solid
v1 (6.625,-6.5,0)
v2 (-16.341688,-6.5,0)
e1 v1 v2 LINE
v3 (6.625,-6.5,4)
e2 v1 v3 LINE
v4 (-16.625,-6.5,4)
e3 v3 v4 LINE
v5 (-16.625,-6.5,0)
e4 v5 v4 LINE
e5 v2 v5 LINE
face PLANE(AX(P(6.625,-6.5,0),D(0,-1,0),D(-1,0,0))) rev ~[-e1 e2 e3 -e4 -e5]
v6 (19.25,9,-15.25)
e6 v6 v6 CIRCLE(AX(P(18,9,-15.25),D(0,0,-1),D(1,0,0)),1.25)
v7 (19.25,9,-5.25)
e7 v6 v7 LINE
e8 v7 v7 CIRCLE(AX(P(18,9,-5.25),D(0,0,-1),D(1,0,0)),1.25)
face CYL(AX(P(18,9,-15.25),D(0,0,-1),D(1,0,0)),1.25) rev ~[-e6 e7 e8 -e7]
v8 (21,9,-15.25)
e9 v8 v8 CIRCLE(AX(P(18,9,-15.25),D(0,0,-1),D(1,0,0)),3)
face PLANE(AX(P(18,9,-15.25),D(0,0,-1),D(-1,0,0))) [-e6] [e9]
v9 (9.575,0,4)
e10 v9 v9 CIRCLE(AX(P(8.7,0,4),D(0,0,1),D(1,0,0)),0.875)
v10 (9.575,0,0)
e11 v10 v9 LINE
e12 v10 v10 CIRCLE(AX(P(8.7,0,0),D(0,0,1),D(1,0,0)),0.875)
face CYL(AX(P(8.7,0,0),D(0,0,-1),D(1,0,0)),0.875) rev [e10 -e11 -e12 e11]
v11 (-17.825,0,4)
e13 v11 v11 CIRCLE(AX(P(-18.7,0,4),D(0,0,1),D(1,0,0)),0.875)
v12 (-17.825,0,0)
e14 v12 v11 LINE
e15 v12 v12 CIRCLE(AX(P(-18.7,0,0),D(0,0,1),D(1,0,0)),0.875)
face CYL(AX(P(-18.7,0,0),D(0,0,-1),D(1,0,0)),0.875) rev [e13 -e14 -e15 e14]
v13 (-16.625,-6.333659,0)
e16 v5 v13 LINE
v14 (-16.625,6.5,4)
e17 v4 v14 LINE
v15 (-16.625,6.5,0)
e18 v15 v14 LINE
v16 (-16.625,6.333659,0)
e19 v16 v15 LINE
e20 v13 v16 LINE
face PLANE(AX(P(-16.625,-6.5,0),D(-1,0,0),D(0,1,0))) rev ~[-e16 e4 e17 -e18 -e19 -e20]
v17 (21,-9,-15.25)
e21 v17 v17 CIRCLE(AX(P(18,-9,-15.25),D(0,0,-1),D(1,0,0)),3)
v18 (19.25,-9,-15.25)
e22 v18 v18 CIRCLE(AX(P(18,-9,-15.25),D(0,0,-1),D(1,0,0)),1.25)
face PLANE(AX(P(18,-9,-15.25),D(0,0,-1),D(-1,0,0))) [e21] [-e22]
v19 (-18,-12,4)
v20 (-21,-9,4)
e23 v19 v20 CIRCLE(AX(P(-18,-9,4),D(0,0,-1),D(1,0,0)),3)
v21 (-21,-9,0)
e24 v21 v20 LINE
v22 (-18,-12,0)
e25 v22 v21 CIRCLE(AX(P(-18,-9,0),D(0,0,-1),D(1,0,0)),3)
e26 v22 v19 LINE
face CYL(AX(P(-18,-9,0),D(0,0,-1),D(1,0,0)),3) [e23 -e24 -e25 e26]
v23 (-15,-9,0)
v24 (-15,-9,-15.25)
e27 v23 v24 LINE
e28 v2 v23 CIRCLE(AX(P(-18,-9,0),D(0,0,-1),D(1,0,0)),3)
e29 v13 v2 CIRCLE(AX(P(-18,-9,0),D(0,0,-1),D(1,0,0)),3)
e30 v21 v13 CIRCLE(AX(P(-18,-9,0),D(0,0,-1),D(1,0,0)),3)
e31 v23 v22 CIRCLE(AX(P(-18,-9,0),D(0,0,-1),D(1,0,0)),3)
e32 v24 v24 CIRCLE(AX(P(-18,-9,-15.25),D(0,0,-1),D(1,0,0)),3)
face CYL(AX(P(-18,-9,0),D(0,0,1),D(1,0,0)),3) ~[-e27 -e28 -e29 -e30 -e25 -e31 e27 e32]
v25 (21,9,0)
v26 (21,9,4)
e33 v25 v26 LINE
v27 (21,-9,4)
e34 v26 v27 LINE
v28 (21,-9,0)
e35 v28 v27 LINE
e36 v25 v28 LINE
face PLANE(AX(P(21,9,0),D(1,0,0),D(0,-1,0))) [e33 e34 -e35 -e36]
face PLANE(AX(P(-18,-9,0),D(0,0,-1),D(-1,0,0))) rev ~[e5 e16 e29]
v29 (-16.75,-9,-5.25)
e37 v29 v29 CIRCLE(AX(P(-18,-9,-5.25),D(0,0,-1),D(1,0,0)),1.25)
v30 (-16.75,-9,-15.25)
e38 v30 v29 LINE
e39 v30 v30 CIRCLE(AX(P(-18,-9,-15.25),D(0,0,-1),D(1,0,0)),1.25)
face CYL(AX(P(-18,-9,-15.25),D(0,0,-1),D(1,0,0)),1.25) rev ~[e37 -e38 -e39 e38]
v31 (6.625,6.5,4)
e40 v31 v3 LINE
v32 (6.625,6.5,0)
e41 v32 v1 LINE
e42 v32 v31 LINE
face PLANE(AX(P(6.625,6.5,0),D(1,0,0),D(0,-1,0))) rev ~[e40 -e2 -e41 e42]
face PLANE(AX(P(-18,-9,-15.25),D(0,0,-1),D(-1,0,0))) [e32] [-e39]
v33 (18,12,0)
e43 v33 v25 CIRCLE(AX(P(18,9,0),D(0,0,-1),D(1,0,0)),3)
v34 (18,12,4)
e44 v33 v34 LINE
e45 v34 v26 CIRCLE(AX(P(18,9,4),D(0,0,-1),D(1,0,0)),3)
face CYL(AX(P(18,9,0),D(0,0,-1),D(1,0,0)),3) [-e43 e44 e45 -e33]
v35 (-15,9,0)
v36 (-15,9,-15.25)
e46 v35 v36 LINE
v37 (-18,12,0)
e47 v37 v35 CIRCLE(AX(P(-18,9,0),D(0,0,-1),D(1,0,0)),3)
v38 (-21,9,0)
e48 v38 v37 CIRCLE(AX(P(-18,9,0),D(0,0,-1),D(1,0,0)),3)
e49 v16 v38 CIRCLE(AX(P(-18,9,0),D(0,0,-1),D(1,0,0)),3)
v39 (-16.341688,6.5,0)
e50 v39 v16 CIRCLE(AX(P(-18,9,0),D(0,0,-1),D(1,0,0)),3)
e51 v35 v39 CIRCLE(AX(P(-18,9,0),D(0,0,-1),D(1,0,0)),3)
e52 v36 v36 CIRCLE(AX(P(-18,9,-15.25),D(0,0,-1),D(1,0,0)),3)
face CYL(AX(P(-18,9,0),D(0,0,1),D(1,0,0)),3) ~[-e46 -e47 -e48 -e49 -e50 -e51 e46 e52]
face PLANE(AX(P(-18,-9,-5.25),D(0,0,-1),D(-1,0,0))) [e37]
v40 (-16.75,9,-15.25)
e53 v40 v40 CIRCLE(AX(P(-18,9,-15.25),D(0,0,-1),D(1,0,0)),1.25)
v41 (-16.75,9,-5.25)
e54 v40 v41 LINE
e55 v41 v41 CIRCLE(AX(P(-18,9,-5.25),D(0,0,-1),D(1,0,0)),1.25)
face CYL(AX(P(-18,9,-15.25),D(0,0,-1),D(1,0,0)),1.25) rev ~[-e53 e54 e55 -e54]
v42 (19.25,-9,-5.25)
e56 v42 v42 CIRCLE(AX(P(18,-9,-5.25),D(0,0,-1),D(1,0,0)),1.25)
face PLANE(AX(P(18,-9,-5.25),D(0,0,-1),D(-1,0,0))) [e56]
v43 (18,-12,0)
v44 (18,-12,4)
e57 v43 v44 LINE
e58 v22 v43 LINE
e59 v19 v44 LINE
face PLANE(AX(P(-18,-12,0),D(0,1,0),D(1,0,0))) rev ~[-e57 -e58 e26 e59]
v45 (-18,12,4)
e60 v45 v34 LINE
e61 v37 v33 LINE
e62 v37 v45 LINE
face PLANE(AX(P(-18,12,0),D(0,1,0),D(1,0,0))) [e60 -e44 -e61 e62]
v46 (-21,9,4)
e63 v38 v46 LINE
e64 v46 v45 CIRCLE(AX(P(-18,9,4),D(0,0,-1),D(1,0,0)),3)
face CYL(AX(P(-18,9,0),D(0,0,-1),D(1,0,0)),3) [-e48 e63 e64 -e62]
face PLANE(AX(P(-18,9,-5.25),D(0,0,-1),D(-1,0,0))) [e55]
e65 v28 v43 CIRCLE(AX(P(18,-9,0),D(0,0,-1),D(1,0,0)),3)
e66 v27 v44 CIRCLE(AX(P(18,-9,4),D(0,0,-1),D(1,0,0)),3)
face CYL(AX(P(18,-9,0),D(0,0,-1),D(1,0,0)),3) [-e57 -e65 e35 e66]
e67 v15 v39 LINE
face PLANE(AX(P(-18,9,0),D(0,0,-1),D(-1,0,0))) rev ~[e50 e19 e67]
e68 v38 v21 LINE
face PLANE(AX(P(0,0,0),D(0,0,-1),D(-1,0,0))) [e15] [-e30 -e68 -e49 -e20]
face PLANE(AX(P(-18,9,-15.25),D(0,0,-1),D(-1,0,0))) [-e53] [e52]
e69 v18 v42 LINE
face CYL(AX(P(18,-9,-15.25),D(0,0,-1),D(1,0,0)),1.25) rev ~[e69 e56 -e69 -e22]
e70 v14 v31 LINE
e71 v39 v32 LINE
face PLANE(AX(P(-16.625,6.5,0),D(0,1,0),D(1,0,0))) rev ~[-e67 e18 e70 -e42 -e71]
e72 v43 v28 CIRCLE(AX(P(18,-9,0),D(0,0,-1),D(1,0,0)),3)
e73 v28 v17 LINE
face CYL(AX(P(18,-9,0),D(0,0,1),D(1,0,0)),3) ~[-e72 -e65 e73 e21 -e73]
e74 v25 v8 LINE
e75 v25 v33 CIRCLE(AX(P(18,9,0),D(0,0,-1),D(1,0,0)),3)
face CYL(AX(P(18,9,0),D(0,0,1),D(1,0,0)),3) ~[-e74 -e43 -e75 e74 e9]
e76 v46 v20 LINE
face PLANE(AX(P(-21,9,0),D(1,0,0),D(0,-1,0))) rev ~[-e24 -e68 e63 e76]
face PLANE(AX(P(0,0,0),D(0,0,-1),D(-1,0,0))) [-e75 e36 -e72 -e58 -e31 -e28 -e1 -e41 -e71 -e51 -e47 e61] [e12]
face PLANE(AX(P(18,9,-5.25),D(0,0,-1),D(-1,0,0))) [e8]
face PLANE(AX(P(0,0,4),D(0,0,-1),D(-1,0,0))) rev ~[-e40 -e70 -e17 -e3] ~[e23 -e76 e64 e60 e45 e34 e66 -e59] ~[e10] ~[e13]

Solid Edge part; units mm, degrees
sketch "Sketch1" plane through (0, 0, 0) normal (0, 0, 1) x (1, 0, 0)
  line L0 (-18, 12) -> (18, 12)
  line L1 (21, 9) -> (21, -9)
  line L2 (-18, -12) -> (18, -12)
  line L3 (-21, 9) -> (-21, -9)
  arc A0 (18, 12) -> (21, 9) centre (18, 9) cw
  arc A1 (21, -9) -> (18, -12) centre (18, -9) cw
  arc A2 (-18, -12) -> (-21, -9) centre (-18, -9) cw
  arc A3 (-21, 9) -> (-18, 12) centre (-18, 9) cw
  circle A4 centre (8.7, 0) radius 0.875
  circle A5 centre (-18.7, 0) radius 0.875
  line L4 (6.625, -6.5) -> (-16.625, -6.5)
  line L5 (-16.625, -6.5) -> (-16.625, 6.5)
  line L6 (-16.625, 6.5) -> (6.625, 6.5)
  line L7 (6.625, 6.5) -> (6.625, -6.5)
extrude "Protrusion1" add sketch "Sketch1" along normal blind 4
sketch "Sketch2" plane through (0, 0, 0) normal (0, 0, -1) x (1, 0, 0)
  circle A0 centre (-18, 9) radius 3
  circle A1 centre (18, 9) radius 3
  circle A2 centre (-18, -9) radius 3
  circle A3 centre (18, -9) radius 3
extrude "ExtrudedProtrusion_3" add sketch "Sketch2" along normal blind 15.25
sketch "Sketch3" plane through (18, -9, -15.25) normal (0, 0, -1) x (1, 0, 0)
  circle A0 centre (0, 0) radius 1.25
  circle A1 centre (0, -18) radius 1.25
  circle A2 centre (-36, -18) radius 1.25
  circle A3 centre (-36, 0) radius 1.25
  dimension "D1" = 2.5
extrude "ExtrudedCutout_1" cut sketch "Sketch3" against normal blind 10
